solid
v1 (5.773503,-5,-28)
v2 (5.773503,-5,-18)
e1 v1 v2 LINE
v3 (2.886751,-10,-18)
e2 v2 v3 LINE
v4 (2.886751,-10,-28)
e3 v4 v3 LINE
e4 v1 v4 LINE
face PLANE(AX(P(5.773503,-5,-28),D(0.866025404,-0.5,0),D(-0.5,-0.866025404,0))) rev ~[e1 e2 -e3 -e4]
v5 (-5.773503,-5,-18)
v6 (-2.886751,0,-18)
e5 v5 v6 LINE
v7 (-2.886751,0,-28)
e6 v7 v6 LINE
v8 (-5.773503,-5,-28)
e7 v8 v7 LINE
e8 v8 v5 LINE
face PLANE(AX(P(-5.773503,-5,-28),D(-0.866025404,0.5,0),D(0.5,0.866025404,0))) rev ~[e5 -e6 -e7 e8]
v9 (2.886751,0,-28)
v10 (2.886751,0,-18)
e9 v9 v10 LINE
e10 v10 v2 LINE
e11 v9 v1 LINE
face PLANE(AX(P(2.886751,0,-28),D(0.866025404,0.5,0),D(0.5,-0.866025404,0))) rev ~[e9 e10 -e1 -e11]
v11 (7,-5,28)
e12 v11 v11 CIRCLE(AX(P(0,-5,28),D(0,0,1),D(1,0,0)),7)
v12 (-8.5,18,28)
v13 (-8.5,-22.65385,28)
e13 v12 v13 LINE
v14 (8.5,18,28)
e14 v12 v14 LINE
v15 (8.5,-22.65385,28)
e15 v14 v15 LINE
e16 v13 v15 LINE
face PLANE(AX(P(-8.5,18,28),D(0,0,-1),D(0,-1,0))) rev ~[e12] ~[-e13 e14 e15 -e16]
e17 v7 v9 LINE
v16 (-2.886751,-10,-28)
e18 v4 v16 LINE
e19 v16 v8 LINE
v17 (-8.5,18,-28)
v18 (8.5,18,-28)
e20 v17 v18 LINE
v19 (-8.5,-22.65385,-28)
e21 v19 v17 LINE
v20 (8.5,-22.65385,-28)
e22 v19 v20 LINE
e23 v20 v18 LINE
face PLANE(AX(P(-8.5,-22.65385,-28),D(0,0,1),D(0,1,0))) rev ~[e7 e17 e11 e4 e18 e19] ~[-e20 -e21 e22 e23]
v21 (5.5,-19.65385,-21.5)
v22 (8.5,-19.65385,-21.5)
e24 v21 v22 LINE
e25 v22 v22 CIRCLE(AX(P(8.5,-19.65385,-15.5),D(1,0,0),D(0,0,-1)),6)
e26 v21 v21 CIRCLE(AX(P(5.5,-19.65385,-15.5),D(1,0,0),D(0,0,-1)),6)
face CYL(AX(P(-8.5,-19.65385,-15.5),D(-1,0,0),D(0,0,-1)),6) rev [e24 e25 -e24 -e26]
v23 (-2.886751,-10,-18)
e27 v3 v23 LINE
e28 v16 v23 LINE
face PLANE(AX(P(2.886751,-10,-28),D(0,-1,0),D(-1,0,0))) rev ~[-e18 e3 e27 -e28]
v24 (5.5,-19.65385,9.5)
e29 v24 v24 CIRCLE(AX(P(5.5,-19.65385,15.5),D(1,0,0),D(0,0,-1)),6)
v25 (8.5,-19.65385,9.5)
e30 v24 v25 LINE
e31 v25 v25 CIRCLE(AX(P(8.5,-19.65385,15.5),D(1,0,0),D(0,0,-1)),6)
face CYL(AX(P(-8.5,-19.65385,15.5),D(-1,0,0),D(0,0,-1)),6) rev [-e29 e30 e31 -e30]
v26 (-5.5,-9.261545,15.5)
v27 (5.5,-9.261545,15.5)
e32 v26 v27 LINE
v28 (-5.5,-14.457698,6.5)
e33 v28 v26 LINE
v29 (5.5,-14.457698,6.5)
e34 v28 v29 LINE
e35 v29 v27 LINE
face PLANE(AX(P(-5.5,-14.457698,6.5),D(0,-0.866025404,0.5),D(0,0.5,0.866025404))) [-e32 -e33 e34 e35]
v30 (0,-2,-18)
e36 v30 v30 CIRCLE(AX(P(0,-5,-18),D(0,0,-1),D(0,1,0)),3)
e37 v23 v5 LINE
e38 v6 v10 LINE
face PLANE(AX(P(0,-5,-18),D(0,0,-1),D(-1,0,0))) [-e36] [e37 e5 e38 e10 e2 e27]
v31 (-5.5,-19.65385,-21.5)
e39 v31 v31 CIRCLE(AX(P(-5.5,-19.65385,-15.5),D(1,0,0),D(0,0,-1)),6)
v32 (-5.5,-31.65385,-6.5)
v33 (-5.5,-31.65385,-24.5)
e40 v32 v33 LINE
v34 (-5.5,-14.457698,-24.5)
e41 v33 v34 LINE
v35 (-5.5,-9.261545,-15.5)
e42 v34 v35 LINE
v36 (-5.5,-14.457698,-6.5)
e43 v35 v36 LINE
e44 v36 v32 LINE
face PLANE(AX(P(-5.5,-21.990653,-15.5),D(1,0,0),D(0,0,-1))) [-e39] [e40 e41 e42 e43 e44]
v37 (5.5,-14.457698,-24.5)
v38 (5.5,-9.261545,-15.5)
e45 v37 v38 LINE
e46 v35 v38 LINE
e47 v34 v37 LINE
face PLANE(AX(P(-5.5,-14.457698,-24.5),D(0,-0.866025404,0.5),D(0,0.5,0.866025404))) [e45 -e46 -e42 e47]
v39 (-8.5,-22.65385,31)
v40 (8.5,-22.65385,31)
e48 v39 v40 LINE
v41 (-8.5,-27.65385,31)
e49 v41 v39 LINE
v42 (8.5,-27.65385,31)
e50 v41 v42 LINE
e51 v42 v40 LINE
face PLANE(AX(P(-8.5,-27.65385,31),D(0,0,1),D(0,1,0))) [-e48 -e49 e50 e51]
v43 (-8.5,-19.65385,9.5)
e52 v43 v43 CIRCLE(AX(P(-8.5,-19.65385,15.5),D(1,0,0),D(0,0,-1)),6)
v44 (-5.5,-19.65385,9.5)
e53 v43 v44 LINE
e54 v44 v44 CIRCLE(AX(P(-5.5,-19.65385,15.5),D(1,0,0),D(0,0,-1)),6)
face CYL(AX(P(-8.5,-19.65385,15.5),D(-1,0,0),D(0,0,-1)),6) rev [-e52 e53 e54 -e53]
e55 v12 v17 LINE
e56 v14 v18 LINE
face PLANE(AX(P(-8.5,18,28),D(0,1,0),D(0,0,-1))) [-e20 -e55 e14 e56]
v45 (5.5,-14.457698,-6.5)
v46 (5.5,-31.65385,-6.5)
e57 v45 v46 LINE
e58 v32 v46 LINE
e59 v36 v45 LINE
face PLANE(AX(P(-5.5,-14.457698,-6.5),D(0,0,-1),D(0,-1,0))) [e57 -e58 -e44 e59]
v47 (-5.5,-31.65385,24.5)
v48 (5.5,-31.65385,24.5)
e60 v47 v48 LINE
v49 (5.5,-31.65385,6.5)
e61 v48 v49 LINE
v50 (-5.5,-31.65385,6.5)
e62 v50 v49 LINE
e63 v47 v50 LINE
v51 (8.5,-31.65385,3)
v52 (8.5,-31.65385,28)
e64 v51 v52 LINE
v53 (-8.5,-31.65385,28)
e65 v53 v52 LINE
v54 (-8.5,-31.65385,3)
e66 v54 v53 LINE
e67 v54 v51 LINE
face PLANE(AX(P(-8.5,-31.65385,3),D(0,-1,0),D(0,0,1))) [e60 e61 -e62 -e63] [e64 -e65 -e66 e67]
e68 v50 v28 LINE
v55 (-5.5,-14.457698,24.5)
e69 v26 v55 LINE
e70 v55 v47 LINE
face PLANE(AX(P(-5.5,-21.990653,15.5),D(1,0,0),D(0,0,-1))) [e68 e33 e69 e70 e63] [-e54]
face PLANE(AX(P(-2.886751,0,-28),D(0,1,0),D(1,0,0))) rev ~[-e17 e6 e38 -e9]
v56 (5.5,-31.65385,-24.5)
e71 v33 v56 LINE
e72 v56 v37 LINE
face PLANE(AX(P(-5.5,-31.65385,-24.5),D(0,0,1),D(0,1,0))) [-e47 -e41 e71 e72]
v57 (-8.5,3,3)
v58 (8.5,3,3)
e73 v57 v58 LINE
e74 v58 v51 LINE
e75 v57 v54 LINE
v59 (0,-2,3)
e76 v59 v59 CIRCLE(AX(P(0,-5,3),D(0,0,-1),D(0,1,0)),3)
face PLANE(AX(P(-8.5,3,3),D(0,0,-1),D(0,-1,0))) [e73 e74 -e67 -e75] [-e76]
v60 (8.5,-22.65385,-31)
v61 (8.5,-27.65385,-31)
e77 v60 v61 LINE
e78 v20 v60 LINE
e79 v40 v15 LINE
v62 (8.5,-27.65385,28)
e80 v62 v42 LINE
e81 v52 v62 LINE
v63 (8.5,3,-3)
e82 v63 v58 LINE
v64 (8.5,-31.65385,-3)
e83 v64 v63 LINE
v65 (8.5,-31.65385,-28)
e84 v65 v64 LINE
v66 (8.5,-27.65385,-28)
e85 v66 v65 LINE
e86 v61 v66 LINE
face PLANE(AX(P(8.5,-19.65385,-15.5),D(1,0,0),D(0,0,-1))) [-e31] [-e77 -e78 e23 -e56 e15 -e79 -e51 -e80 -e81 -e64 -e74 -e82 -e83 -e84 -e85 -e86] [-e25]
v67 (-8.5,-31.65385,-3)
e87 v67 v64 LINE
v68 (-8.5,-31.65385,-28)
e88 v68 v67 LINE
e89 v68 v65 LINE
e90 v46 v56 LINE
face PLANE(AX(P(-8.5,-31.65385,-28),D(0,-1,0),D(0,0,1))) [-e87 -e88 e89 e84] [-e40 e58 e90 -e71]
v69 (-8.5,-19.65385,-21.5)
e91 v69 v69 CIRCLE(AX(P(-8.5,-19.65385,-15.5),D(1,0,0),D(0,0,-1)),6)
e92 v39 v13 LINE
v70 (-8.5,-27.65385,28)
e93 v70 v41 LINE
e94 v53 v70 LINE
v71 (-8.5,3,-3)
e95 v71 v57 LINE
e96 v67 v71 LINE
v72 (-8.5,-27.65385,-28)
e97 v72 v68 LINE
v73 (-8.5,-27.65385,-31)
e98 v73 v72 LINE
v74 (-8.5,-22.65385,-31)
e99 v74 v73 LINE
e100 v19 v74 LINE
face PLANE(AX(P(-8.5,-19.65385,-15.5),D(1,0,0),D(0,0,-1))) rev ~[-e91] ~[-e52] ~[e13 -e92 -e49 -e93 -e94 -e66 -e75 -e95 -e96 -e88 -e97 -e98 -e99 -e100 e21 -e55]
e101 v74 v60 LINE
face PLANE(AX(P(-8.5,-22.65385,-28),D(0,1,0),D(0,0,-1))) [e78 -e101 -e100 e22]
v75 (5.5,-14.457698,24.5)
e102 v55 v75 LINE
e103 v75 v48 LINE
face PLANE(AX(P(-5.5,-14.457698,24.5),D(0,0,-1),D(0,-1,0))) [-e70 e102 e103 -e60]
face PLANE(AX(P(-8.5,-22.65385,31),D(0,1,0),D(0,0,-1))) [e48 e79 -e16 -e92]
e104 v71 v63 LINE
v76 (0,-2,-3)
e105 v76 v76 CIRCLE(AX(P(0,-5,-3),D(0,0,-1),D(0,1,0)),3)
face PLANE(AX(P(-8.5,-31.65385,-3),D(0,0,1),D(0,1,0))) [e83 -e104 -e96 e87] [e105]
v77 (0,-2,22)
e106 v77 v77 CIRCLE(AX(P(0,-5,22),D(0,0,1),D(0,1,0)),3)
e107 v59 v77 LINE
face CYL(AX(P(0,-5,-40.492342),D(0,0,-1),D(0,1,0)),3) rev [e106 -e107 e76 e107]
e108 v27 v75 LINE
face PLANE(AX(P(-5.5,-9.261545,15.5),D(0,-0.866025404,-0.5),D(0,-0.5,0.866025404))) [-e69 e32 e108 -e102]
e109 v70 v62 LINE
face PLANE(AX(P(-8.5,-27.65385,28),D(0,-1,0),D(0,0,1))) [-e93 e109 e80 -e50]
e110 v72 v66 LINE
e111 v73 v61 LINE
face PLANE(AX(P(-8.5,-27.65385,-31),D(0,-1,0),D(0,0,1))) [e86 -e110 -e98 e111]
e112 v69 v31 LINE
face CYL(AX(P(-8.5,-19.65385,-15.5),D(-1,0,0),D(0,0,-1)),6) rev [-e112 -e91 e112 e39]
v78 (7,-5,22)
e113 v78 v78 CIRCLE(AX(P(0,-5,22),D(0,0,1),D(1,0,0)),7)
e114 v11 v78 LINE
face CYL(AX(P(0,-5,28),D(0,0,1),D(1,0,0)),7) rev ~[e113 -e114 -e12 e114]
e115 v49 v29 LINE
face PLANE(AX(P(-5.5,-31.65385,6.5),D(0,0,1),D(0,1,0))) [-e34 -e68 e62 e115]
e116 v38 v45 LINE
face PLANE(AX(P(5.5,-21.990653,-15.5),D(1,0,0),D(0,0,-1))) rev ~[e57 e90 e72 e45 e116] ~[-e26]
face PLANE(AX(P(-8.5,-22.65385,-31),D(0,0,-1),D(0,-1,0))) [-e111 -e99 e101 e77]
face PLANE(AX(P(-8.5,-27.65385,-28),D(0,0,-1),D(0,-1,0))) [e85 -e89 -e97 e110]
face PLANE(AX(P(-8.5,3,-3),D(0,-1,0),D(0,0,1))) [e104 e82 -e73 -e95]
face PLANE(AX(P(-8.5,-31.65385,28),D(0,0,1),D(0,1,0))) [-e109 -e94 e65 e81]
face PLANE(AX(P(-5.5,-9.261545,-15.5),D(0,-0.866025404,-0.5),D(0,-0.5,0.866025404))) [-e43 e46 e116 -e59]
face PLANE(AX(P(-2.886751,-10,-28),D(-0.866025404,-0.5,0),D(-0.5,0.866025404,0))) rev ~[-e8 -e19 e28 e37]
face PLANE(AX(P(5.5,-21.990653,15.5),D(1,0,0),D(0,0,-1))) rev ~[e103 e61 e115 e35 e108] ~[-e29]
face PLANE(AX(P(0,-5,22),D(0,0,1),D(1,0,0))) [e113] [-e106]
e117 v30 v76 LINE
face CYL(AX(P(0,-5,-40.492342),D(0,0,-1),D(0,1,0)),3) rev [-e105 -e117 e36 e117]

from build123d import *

# Parameters (mm, degrees)
BOSS_EXTRUDE2_DEPTH      = 8.5
BOSS_EXTRUDE2_DEPTH_BACK = 8.5
SKETCH1_R                = 6
CUT_EXTRUDE1_DEPTH       = 5.5
CUT_EXTRUDE1_DEPTH_BACK  = 5.5
SKETCH1_4_R              = 6
CUT_EXTRUDE2_DEPTH       = 68.492341935
CUT_EXTRUDE2_DEPTH_BACK  = 68.492341935
SKETCH3_R                = 3
SKETCH3_3_R              = 7
SKETCH3_3_R_2            = 3
CUT_EXTRUDE3_DEPTH       = 6
CUT_EXTRUDE4_DEPTH       = 10


with BuildPart() as part:
    # Sketch1 → Boss-Extrude2 (new, two sides: drawn at the far end of the back side and taken through both)
    with BuildSketch(Plane(origin=(0, 0, 0), x_dir=(0, 0, -1), z_dir=(1, 0, 0)).offset(-BOSS_EXTRUDE2_DEPTH_BACK)):
        Polygon((-28, -22.65385), (-31, -22.65385), (-31, -27.65385), (-28, -27.65385), (-28, -31.65385), (-3, -31.65385), (-3, 3), (3, 3), (3, -31.65385), (28, -31.65385), (28, -27.65385), (31, -27.65385), (31, -22.65385), (28, -22.65385), (28, 18), (-28, 18), align=None)
        with Locations((15.5, -19.65385)):
            Circle(SKETCH1_R, mode=Mode.SUBTRACT)
        with Locations((-15.5, -19.65385)):
            Circle(SKETCH1_R, mode=Mode.SUBTRACT)
    extrude(amount=BOSS_EXTRUDE2_DEPTH + BOSS_EXTRUDE2_DEPTH_BACK)

    # Sketch1<4> → Cut-Extrude1 (cut, two sides: drawn at the far end of the back side and taken through both)
    # profile 1 of 2: a face of its own
    with BuildSketch(Plane(origin=(0, 0, 0), x_dir=(0, 0, -1), z_dir=(1, 0, 0)).offset(-CUT_EXTRUDE1_DEPTH_BACK)):
        Polygon((-24.5, -14.457697577), (-24.5, -31.65385), (-6.5, -31.65385), (-6.5, -14.457697577), (-15.5, -9.261545155), align=None)
        with Locations((-15.5, -19.65385)):
            Circle(SKETCH1_4_R, mode=Mode.SUBTRACT)
    # profile 2 of 2: a face of its own
    with BuildSketch(Plane(origin=(0, 0, 0), x_dir=(0, 0, -1), z_dir=(1, 0, 0)).offset(-CUT_EXTRUDE1_DEPTH_BACK)):
        Polygon((6.5, -31.65385), (24.5, -31.65385), (24.5, -14.457697577), (15.5, -9.261545155), (6.5, -14.457697577), align=None)
        with Locations((15.5, -19.65385)):
            Circle(SKETCH1_4_R, mode=Mode.SUBTRACT)
    extrude(amount=CUT_EXTRUDE1_DEPTH + CUT_EXTRUDE1_DEPTH_BACK, mode=Mode.SUBTRACT)

    # Sketch3 → Cut-Extrude2 (cut, two sides: drawn at the far end of the back side and taken through both)
    with BuildSketch(Plane.XY.offset(28).offset(-CUT_EXTRUDE2_DEPTH_BACK)):
        with Locations((0, -5)):
            Circle(SKETCH3_R)
    extrude(amount=CUT_EXTRUDE2_DEPTH + CUT_EXTRUDE2_DEPTH_BACK, mode=Mode.SUBTRACT)

    # Sketch3<3> → Cut-Extrude3 (cut)
    with BuildSketch(Plane.XY.offset(28)):
        with Locations((0, -5)):
            Circle(SKETCH3_3_R)
        with Locations((0, -5)):
            Circle(SKETCH3_3_R_2, mode=Mode.SUBTRACT)
    extrude(amount=-CUT_EXTRUDE3_DEPTH, mode=Mode.SUBTRACT)

    # Sketch4 → Cut-Extrude4 (cut)
    with BuildSketch(Plane(origin=(0, 0, -28), x_dir=(-1, 0, 0), z_dir=(0, 0, -1))):
        Polygon((5.773502692, -5), (2.886751346, 0), (-2.886751346, 0), (-5.773502692, -5), (-2.886751346, -10), (2.886751346, -10), align=None)
    extrude(amount=-CUT_EXTRUDE4_DEPTH, mode=Mode.SUBTRACT)


solid = part.part
